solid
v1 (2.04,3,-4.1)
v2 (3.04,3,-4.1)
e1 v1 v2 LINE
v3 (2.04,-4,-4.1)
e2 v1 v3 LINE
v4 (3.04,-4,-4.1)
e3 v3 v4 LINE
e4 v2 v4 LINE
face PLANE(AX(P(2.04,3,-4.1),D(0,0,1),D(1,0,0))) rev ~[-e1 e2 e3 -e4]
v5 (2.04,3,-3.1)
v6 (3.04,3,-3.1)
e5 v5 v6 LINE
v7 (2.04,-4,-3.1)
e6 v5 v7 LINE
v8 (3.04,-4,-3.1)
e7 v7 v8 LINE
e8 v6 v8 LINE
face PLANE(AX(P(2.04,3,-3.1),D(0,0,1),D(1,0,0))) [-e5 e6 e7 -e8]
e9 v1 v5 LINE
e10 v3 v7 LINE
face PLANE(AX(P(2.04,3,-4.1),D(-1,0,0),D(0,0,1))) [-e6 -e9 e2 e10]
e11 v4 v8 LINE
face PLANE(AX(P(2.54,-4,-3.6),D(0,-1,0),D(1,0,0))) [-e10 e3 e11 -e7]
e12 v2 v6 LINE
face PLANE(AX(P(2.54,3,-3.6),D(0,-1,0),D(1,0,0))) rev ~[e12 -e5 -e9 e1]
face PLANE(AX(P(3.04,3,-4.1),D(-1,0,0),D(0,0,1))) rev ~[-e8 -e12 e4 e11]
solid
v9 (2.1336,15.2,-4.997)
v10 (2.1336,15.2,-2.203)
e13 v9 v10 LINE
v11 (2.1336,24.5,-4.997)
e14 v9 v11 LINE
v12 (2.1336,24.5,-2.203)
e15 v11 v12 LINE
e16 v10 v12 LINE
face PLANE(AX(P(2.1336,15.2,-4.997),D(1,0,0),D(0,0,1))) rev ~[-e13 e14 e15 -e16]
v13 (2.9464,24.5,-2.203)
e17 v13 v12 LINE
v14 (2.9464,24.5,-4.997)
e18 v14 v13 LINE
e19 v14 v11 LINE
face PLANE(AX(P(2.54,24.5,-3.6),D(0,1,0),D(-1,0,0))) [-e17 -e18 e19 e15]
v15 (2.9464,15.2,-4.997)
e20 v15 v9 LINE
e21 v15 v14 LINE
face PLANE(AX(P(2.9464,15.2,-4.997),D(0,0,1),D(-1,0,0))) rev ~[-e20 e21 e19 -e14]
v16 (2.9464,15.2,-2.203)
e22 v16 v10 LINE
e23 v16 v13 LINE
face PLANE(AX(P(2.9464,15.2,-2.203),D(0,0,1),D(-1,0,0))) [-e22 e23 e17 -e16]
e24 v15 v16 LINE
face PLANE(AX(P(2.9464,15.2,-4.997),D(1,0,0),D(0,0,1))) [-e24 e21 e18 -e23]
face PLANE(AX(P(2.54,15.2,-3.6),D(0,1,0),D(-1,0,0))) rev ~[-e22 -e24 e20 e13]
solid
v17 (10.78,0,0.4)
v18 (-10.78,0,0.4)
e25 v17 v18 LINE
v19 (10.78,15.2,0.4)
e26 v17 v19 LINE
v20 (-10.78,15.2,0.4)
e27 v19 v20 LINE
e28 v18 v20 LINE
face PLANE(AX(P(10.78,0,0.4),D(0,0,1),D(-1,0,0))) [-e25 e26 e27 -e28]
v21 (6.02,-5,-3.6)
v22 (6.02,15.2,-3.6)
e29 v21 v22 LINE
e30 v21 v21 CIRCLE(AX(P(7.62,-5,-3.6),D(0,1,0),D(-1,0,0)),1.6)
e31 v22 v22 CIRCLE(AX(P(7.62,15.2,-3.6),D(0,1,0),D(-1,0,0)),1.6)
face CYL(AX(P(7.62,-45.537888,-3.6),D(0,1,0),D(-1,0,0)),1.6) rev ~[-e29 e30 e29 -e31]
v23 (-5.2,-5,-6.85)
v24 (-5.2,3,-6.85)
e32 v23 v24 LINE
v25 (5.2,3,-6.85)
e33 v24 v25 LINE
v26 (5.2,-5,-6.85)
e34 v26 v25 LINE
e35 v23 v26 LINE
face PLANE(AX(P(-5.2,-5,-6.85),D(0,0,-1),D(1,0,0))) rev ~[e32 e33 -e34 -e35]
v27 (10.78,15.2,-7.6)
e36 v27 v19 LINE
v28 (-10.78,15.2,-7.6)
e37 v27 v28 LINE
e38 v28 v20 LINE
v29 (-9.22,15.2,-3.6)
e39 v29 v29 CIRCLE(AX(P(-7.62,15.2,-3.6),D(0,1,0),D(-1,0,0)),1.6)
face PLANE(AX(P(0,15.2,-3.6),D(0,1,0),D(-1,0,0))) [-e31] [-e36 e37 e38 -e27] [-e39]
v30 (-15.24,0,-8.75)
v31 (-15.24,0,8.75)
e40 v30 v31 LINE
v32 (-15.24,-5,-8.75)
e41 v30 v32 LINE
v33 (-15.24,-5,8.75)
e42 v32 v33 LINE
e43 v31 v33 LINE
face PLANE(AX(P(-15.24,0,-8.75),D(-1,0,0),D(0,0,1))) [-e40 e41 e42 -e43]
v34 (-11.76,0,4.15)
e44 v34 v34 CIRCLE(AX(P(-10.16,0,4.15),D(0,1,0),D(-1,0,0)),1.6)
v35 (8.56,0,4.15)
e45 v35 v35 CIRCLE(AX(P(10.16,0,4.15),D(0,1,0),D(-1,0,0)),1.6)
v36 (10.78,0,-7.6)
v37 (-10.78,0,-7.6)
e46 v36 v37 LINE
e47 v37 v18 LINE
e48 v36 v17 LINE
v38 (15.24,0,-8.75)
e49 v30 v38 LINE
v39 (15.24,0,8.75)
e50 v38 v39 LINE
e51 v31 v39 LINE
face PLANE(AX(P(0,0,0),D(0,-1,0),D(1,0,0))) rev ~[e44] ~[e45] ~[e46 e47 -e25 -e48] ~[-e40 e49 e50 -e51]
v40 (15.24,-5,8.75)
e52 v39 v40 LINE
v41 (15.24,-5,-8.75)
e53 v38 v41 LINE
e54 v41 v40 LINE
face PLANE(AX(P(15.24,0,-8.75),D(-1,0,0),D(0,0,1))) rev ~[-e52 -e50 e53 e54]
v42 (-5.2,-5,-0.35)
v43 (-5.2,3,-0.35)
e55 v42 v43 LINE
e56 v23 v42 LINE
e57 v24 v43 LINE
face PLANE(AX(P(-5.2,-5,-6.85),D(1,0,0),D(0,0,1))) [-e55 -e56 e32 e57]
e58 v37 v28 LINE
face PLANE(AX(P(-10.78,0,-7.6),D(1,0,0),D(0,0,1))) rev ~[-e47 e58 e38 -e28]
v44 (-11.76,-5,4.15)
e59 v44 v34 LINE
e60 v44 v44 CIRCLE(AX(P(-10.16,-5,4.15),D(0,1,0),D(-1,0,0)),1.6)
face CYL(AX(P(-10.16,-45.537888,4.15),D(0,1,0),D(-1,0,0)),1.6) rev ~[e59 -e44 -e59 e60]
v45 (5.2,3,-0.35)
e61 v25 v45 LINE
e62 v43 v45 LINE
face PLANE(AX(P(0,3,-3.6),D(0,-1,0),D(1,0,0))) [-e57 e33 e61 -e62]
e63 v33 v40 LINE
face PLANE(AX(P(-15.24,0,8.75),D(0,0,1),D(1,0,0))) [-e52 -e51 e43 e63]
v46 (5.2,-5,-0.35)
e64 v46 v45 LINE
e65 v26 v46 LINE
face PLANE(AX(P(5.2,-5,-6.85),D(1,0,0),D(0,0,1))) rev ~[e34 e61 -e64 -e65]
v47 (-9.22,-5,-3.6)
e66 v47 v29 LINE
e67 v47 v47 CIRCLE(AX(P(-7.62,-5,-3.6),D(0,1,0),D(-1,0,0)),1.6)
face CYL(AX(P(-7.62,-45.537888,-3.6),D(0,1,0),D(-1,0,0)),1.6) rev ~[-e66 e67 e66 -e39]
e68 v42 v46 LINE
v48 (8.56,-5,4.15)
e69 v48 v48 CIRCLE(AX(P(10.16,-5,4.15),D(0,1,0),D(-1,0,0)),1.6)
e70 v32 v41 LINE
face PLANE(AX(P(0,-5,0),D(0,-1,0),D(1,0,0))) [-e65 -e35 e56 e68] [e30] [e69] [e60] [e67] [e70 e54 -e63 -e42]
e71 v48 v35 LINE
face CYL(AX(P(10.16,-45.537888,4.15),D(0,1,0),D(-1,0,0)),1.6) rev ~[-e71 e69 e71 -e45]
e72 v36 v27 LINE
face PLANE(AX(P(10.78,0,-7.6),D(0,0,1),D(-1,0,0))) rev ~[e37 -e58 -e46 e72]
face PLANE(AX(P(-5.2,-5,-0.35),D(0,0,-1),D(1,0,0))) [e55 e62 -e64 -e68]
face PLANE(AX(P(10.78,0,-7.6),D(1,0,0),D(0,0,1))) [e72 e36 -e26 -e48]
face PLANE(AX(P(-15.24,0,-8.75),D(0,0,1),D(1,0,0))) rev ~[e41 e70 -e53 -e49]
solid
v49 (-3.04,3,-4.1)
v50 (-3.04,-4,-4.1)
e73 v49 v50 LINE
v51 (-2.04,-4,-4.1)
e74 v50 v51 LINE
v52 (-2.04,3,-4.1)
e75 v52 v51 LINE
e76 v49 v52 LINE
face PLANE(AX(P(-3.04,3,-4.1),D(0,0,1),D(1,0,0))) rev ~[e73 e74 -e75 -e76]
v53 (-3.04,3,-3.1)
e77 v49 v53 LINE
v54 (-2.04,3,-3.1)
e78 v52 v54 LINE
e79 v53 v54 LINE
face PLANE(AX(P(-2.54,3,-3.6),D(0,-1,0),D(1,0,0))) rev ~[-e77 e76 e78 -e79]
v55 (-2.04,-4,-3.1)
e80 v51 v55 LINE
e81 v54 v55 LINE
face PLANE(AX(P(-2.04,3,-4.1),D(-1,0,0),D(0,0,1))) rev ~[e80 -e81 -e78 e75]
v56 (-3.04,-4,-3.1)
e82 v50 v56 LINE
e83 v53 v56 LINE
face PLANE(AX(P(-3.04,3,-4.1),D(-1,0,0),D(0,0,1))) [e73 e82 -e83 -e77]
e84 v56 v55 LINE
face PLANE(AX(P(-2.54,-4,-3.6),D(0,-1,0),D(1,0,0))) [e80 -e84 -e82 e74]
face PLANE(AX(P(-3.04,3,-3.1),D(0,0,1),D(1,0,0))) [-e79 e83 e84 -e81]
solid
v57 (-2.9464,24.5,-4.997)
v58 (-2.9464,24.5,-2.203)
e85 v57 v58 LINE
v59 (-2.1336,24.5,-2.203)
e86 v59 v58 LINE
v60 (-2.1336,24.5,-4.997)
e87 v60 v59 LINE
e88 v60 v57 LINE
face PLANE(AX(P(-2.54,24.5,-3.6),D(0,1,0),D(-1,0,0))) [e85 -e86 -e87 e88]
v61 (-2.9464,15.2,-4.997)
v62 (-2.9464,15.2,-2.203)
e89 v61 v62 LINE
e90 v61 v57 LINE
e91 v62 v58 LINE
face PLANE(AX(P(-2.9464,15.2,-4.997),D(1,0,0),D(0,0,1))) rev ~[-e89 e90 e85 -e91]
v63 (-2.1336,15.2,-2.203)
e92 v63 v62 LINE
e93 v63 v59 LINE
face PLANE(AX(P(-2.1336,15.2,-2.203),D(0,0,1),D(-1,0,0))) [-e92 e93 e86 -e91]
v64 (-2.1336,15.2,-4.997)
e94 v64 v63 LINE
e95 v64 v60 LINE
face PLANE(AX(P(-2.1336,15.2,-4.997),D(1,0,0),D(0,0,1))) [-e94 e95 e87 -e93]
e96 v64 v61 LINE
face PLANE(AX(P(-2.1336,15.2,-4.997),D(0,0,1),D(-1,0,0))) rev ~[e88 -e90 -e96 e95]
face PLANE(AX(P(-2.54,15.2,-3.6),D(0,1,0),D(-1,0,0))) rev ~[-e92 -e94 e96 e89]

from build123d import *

# Parameters (mm, degrees)
F0_W      = 30.48
F0_H      = 17.5
F1_DEPTH  = 5
F3_W      = 21.56
F3_H      = 8
F4_DEPTH  = 15.2
F2_W      = 10.4
F2_H      = 6.5
F5_DEPTH  = 8
F7_D      = 3.2
F8_W      = 1
F8_H      = 1
F9_DEPTH  = 7
F10_W     = 0.8128
F10_H     = 2.794
F11_DEPTH = 9.3


with BuildPart() as f1:
    # F0 (on Front) → F1 (new body)
    with BuildSketch(Plane.XZ):
        Rectangle(F0_W, F0_H)
    extrude(amount=F1_DEPTH)

    # F3 (on face) → F4 (join)
    with BuildSketch(Plane(origin=(0, 0, 0), x_dir=(-1, 0, 0), z_dir=(0, 1, 0))):
        with Locations((0, -3.6)):
            Rectangle(F3_W, F3_H)
    extrude(amount=F4_DEPTH)

    # F2 (on face) → F5 (cut)
    with BuildSketch(Plane.XZ.offset(5)):
        with Locations((0, -3.6)):
            Rectangle(F2_W, F2_H)
    extrude(amount=-F5_DEPTH, mode=Mode.SUBTRACT)

    # F7 (through all)
    with Locations(Plane.XZ.offset(5)):
        with Locations((-10.16, 4.15), (-7.62, -3.6), (10.16, 4.15), (7.62, -3.6)):
            Hole(F7_D / 2)


with BuildPart() as f9:
    # F8 (on face) → F9 (new body)
    with BuildSketch(Plane.XZ.offset(-3)):
        with Locations((2.54, -3.6)):
            Rectangle(F8_W, F8_H)
        with Locations((-2.54, -3.6)):
            Rectangle(F8_W, F8_H)
    extrude(amount=F9_DEPTH)


with BuildPart() as f11:
    # F10 (on face) → F11 (new body)
    with BuildSketch(Plane(origin=(0, 15.2, 0), x_dir=(-1, 0, 0), z_dir=(0, 1, 0))):
        with Locations((-2.54, -3.6)):
            Rectangle(F10_W, F10_H)
        with Locations((2.54, -3.6)):
            Rectangle(F10_W, F10_H)
    extrude(amount=F11_DEPTH)


solid = Compound([f1.part, f9.part, f11.part])
